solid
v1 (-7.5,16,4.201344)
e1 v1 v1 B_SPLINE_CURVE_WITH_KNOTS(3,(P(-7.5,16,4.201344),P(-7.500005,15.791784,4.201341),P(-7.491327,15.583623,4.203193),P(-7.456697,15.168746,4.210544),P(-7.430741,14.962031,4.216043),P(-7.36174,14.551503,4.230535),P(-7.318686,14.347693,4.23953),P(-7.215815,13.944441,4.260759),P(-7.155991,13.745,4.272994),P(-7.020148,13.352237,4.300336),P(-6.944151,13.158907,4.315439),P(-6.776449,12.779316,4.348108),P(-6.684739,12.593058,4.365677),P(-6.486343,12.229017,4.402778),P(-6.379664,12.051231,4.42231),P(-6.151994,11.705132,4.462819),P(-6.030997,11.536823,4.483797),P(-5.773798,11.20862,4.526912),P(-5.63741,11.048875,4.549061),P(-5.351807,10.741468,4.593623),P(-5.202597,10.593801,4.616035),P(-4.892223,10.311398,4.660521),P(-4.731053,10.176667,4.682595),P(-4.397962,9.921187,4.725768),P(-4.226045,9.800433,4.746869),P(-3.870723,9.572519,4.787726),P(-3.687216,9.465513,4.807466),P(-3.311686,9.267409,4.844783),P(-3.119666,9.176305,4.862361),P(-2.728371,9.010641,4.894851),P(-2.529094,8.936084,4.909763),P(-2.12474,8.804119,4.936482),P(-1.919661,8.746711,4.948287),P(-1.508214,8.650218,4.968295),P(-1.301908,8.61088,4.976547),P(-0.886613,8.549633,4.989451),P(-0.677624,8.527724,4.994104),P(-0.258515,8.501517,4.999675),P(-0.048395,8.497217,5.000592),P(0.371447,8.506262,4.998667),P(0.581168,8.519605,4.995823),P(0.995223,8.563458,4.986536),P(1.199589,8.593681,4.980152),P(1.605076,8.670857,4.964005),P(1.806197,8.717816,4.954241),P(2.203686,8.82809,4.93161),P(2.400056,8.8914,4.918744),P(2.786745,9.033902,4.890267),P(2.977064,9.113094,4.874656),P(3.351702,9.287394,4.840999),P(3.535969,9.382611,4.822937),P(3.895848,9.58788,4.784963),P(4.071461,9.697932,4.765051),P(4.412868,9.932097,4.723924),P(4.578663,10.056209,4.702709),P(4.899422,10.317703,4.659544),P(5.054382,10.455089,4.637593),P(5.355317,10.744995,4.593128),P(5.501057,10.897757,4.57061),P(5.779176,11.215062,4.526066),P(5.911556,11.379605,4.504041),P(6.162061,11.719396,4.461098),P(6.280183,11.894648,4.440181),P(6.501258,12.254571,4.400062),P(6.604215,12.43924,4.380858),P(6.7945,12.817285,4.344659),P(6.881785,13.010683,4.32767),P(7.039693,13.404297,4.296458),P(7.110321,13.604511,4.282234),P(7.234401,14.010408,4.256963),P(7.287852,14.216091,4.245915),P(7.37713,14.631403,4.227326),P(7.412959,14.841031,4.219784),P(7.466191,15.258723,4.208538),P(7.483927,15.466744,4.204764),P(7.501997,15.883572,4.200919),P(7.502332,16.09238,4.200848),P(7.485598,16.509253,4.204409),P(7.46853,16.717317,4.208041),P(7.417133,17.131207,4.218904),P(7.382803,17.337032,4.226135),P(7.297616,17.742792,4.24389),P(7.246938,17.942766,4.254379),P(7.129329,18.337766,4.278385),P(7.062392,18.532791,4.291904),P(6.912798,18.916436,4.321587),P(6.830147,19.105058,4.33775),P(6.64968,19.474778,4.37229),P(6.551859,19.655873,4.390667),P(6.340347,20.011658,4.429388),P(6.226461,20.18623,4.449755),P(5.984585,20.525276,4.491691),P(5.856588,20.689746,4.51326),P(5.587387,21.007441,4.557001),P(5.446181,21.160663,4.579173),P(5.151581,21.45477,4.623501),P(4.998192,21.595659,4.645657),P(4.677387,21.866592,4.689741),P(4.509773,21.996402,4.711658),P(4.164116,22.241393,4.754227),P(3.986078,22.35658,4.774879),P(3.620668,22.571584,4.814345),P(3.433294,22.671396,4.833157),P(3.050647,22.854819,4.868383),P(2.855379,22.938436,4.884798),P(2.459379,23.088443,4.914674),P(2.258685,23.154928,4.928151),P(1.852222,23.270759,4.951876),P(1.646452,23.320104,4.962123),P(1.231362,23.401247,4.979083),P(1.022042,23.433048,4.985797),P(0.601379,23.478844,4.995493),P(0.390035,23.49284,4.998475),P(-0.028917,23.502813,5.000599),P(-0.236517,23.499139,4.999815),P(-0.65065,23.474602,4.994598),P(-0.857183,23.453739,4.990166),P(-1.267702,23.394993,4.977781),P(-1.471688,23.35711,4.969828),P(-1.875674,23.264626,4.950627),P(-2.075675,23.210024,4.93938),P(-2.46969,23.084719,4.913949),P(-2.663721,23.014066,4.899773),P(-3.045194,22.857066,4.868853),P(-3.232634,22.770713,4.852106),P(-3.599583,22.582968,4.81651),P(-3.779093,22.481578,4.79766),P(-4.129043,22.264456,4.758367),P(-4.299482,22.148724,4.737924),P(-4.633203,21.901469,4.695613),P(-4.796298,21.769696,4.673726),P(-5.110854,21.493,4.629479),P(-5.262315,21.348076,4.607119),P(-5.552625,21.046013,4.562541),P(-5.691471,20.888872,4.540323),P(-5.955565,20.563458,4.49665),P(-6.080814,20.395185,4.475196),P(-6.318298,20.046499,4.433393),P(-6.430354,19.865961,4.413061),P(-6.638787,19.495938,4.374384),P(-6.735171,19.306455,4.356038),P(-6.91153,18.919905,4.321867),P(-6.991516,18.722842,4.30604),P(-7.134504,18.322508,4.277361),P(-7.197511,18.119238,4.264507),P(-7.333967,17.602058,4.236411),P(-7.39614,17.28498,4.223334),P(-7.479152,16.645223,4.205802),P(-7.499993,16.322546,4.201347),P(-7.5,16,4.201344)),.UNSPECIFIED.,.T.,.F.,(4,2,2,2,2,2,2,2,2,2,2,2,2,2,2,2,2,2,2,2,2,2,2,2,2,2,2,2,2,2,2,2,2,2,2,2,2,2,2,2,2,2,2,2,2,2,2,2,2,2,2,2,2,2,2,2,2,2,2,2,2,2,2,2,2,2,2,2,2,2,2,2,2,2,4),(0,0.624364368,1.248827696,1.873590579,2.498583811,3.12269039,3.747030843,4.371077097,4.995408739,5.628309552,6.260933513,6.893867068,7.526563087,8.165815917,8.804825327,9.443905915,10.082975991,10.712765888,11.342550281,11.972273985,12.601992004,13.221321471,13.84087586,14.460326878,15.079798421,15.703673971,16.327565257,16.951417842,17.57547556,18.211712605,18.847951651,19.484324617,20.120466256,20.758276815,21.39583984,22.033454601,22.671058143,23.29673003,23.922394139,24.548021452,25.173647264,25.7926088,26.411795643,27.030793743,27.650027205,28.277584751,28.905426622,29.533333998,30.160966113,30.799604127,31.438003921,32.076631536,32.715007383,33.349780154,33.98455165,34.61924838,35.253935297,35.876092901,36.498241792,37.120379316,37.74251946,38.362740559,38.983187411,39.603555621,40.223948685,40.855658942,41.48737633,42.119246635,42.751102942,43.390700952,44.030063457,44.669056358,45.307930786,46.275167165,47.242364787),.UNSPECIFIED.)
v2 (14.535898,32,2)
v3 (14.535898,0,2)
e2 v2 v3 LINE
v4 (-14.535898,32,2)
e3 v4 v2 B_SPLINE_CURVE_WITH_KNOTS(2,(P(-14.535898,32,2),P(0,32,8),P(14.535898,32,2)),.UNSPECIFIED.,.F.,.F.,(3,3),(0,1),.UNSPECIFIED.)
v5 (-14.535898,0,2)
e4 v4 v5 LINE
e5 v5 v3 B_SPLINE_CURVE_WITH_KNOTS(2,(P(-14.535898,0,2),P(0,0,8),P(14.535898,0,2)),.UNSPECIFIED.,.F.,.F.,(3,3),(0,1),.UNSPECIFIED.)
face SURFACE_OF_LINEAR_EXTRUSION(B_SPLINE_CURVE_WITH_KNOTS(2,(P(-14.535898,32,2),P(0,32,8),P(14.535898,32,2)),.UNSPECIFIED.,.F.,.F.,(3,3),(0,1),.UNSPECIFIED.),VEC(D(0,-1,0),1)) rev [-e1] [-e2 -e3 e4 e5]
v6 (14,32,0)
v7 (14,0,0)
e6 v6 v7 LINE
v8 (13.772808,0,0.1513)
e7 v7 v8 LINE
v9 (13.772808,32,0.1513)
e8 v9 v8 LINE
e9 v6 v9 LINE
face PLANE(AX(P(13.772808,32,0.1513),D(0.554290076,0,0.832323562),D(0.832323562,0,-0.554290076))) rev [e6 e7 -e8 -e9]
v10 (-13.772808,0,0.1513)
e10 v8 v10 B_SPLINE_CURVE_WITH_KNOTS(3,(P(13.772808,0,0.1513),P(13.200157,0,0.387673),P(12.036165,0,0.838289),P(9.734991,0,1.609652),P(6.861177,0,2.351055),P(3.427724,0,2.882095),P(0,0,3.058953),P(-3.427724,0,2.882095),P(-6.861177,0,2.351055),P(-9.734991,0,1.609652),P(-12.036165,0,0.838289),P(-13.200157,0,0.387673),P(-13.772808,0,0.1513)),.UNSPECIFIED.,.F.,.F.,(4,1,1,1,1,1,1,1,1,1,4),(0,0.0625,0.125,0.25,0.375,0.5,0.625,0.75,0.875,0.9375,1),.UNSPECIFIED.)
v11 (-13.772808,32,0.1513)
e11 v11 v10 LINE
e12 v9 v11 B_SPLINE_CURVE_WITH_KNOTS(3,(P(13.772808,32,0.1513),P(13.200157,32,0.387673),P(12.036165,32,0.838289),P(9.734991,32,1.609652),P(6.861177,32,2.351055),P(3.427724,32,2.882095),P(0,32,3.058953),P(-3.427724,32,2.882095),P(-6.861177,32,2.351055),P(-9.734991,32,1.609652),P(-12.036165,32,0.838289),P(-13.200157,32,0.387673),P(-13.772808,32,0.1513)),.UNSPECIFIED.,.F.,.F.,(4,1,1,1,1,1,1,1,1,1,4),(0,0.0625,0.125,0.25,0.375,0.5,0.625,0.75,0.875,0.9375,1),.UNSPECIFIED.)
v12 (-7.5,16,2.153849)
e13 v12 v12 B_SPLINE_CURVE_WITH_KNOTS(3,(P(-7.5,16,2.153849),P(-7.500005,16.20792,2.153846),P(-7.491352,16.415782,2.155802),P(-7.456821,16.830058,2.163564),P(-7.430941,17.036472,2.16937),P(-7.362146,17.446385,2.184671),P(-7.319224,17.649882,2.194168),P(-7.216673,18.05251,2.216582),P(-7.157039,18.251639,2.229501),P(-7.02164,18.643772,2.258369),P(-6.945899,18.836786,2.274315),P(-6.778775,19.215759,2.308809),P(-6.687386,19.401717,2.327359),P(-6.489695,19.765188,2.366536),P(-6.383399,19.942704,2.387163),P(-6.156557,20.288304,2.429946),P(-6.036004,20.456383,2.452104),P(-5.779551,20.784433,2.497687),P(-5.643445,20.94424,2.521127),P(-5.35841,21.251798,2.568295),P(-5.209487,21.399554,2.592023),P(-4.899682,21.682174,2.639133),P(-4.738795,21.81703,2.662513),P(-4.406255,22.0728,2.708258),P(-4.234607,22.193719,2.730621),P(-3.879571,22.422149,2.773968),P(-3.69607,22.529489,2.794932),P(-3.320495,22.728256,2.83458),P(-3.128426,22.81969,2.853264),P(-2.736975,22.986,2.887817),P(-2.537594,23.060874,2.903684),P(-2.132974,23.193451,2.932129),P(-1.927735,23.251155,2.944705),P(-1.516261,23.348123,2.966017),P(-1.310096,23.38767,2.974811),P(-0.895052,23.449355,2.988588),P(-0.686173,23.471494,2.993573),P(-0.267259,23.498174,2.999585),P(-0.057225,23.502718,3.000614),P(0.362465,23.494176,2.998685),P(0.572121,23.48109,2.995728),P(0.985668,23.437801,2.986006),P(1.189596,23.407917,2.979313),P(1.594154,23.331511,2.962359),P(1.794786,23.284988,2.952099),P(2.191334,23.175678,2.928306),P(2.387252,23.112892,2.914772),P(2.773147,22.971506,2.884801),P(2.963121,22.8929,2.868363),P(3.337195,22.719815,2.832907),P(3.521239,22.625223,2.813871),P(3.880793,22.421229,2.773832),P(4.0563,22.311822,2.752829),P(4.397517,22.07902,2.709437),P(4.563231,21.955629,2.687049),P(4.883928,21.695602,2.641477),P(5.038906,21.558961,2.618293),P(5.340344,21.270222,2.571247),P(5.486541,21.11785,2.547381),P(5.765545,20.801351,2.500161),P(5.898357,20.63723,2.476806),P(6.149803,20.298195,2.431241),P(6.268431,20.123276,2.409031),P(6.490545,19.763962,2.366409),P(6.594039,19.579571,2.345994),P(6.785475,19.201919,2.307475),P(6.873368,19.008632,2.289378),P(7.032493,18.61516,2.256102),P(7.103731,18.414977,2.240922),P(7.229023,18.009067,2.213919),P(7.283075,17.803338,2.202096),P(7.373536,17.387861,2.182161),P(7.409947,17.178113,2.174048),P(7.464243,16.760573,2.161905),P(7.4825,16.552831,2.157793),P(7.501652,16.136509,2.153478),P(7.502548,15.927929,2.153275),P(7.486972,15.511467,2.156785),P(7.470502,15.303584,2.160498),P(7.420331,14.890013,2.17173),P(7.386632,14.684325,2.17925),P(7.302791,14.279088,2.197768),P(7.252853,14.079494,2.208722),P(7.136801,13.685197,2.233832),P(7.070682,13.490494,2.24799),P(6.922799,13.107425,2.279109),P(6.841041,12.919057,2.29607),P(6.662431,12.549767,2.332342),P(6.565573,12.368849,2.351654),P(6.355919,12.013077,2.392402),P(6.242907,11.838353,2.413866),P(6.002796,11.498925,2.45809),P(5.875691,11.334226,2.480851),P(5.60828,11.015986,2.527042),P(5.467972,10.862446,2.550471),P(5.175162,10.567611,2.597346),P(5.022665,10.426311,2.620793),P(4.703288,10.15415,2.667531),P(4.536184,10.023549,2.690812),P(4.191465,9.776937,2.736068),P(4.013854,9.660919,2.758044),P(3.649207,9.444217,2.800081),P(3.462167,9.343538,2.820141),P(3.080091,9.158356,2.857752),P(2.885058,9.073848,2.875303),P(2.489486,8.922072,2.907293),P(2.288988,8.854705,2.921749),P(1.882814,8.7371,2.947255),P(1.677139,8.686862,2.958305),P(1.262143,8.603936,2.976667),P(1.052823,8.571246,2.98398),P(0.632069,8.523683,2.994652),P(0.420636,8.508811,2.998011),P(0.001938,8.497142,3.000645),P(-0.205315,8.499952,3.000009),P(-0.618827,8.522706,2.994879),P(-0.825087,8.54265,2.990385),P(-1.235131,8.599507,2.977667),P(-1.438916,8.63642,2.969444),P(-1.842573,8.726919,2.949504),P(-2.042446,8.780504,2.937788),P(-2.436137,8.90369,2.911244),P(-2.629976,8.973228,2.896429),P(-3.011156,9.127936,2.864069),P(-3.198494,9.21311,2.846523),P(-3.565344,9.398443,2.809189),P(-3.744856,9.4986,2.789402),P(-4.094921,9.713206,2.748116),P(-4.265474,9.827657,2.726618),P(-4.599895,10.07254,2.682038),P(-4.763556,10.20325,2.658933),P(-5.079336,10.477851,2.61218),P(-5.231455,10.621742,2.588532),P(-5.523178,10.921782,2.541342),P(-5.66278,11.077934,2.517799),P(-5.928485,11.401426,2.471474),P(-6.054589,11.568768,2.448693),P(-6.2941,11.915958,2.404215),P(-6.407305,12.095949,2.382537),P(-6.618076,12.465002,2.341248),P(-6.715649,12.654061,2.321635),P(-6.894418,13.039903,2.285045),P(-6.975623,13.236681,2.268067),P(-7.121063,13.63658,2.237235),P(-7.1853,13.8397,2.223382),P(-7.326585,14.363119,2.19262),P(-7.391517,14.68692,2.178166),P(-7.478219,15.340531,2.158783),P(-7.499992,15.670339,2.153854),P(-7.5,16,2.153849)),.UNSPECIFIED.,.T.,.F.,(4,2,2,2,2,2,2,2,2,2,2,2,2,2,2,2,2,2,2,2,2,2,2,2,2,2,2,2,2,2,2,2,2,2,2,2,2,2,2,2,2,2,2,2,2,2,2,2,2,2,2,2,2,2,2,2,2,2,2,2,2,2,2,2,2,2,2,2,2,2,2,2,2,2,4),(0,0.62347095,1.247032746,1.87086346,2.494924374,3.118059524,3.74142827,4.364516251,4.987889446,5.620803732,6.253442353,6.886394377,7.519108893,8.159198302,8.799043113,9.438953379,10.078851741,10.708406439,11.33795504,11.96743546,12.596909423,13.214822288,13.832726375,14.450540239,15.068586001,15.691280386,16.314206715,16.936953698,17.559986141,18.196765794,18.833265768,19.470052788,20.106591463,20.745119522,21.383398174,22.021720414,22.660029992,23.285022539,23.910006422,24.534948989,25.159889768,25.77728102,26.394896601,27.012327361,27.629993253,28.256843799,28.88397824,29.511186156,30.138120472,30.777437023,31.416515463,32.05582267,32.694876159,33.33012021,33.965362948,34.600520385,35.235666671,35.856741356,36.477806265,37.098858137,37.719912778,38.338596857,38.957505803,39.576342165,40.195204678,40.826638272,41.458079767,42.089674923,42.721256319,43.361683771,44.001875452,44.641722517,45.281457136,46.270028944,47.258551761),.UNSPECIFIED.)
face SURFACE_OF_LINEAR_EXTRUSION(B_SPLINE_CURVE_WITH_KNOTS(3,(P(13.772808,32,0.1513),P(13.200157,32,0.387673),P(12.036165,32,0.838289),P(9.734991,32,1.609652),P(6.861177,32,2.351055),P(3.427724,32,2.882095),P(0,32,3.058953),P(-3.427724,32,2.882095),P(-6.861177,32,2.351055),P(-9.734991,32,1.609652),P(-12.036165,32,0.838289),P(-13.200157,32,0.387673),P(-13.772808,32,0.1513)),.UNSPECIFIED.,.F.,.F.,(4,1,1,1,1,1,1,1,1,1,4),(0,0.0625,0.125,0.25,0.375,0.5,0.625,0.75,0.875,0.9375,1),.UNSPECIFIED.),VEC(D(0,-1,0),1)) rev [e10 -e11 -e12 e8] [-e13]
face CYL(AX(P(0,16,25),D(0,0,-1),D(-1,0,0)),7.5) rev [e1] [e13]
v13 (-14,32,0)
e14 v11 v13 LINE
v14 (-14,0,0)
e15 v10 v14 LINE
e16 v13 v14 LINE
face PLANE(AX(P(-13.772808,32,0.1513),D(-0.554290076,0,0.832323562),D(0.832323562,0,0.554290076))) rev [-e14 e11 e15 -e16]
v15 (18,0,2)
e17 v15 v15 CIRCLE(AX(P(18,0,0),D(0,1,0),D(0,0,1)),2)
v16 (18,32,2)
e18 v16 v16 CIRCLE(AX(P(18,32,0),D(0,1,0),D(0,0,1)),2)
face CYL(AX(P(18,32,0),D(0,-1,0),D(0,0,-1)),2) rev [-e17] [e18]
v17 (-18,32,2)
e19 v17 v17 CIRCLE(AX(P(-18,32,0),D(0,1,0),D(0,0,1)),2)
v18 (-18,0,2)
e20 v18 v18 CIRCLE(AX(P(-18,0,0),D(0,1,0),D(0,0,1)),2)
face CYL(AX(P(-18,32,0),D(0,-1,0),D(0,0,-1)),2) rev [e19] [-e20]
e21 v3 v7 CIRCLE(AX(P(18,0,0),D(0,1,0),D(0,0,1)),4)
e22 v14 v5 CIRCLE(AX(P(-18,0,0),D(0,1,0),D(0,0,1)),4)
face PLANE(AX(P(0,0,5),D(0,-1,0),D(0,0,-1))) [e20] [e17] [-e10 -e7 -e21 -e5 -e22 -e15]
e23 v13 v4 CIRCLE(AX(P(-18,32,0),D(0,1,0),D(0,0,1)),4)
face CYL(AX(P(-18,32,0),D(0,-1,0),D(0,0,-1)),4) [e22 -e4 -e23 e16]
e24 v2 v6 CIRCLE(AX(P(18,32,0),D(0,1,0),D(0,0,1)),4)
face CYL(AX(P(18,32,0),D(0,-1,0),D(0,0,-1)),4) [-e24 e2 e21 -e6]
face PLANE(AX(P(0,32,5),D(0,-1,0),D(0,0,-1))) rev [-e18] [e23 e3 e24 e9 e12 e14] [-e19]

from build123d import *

# Parameters (mm, degrees)
SKETCH1_R           = 2
BOSS_EXTRUDE1_DEPTH = 32
SKETCH2_R           = 7.5
CUT_EXTRUDE1_DEPTH  = 25


with BuildPart() as part:
    # Sketch1 → Boss-Extrude1 (new body)
    with BuildSketch(Plane(origin=(0, 0, 0), x_dir=(1, 0, 0), z_dir=(0, 1, 0))):
        with BuildLine():
            Line((-13.772808121, -0.151299578), (-14, 0))
            ThreePointArc((-14, 0), (-21.863703305, 1.03527618), (-14.535898385, -2))
            add(Edge.make_bspline(
                [(-14.535898385, -2), (0, -8), (14.535898385, -2)],
                knots=[0, 0, 0, 1, 1, 1], degree=2))
            ThreePointArc((14.535898385, -2), (21.863703305, 1.03527618), (14, 0))
            Line((14, 0), (13.772808121, -0.151299578))
            add(Edge.make_bspline(
                [(-13.772808121, -0.151299578), (-13.200157242, -0.38767336), (-12.03616489, -0.83828907), (-9.734990662, -1.609651667), (-6.861177209, -2.35105477), (-3.427724467, -2.882094844), (0, -3.058952578), (3.427724467, -2.882094844), (6.861177209, -2.35105477), (9.734990662, -1.609651667), (12.03616489, -0.83828907), (13.200157242, -0.38767336), (13.772808121, -0.151299578)],
                knots=[0, 0, 0, 0, 0.0625, 0.125, 0.25, 0.375, 0.5, 0.625, 0.75, 0.875, 0.9375, 1, 1, 1, 1], degree=3))
        make_face()
        with Locations(Location((-18, 0, 0), (0, 0, 270))):
            Circle(SKETCH1_R, mode=Mode.SUBTRACT)
        with Locations(Location((18, 0, 0), (0, 0, 270))):
            Circle(SKETCH1_R, mode=Mode.SUBTRACT)
    extrude(amount=BOSS_EXTRUDE1_DEPTH)

    # Sketch2 → Cut-Extrude1 (cut)
    with BuildSketch(Plane.XY):
        with Locations(Location((0, 16, 0), (0, 0, 180))):
            Circle(SKETCH2_R)
    extrude(amount=CUT_EXTRUDE1_DEPTH, mode=Mode.SUBTRACT)


solid = part.part
